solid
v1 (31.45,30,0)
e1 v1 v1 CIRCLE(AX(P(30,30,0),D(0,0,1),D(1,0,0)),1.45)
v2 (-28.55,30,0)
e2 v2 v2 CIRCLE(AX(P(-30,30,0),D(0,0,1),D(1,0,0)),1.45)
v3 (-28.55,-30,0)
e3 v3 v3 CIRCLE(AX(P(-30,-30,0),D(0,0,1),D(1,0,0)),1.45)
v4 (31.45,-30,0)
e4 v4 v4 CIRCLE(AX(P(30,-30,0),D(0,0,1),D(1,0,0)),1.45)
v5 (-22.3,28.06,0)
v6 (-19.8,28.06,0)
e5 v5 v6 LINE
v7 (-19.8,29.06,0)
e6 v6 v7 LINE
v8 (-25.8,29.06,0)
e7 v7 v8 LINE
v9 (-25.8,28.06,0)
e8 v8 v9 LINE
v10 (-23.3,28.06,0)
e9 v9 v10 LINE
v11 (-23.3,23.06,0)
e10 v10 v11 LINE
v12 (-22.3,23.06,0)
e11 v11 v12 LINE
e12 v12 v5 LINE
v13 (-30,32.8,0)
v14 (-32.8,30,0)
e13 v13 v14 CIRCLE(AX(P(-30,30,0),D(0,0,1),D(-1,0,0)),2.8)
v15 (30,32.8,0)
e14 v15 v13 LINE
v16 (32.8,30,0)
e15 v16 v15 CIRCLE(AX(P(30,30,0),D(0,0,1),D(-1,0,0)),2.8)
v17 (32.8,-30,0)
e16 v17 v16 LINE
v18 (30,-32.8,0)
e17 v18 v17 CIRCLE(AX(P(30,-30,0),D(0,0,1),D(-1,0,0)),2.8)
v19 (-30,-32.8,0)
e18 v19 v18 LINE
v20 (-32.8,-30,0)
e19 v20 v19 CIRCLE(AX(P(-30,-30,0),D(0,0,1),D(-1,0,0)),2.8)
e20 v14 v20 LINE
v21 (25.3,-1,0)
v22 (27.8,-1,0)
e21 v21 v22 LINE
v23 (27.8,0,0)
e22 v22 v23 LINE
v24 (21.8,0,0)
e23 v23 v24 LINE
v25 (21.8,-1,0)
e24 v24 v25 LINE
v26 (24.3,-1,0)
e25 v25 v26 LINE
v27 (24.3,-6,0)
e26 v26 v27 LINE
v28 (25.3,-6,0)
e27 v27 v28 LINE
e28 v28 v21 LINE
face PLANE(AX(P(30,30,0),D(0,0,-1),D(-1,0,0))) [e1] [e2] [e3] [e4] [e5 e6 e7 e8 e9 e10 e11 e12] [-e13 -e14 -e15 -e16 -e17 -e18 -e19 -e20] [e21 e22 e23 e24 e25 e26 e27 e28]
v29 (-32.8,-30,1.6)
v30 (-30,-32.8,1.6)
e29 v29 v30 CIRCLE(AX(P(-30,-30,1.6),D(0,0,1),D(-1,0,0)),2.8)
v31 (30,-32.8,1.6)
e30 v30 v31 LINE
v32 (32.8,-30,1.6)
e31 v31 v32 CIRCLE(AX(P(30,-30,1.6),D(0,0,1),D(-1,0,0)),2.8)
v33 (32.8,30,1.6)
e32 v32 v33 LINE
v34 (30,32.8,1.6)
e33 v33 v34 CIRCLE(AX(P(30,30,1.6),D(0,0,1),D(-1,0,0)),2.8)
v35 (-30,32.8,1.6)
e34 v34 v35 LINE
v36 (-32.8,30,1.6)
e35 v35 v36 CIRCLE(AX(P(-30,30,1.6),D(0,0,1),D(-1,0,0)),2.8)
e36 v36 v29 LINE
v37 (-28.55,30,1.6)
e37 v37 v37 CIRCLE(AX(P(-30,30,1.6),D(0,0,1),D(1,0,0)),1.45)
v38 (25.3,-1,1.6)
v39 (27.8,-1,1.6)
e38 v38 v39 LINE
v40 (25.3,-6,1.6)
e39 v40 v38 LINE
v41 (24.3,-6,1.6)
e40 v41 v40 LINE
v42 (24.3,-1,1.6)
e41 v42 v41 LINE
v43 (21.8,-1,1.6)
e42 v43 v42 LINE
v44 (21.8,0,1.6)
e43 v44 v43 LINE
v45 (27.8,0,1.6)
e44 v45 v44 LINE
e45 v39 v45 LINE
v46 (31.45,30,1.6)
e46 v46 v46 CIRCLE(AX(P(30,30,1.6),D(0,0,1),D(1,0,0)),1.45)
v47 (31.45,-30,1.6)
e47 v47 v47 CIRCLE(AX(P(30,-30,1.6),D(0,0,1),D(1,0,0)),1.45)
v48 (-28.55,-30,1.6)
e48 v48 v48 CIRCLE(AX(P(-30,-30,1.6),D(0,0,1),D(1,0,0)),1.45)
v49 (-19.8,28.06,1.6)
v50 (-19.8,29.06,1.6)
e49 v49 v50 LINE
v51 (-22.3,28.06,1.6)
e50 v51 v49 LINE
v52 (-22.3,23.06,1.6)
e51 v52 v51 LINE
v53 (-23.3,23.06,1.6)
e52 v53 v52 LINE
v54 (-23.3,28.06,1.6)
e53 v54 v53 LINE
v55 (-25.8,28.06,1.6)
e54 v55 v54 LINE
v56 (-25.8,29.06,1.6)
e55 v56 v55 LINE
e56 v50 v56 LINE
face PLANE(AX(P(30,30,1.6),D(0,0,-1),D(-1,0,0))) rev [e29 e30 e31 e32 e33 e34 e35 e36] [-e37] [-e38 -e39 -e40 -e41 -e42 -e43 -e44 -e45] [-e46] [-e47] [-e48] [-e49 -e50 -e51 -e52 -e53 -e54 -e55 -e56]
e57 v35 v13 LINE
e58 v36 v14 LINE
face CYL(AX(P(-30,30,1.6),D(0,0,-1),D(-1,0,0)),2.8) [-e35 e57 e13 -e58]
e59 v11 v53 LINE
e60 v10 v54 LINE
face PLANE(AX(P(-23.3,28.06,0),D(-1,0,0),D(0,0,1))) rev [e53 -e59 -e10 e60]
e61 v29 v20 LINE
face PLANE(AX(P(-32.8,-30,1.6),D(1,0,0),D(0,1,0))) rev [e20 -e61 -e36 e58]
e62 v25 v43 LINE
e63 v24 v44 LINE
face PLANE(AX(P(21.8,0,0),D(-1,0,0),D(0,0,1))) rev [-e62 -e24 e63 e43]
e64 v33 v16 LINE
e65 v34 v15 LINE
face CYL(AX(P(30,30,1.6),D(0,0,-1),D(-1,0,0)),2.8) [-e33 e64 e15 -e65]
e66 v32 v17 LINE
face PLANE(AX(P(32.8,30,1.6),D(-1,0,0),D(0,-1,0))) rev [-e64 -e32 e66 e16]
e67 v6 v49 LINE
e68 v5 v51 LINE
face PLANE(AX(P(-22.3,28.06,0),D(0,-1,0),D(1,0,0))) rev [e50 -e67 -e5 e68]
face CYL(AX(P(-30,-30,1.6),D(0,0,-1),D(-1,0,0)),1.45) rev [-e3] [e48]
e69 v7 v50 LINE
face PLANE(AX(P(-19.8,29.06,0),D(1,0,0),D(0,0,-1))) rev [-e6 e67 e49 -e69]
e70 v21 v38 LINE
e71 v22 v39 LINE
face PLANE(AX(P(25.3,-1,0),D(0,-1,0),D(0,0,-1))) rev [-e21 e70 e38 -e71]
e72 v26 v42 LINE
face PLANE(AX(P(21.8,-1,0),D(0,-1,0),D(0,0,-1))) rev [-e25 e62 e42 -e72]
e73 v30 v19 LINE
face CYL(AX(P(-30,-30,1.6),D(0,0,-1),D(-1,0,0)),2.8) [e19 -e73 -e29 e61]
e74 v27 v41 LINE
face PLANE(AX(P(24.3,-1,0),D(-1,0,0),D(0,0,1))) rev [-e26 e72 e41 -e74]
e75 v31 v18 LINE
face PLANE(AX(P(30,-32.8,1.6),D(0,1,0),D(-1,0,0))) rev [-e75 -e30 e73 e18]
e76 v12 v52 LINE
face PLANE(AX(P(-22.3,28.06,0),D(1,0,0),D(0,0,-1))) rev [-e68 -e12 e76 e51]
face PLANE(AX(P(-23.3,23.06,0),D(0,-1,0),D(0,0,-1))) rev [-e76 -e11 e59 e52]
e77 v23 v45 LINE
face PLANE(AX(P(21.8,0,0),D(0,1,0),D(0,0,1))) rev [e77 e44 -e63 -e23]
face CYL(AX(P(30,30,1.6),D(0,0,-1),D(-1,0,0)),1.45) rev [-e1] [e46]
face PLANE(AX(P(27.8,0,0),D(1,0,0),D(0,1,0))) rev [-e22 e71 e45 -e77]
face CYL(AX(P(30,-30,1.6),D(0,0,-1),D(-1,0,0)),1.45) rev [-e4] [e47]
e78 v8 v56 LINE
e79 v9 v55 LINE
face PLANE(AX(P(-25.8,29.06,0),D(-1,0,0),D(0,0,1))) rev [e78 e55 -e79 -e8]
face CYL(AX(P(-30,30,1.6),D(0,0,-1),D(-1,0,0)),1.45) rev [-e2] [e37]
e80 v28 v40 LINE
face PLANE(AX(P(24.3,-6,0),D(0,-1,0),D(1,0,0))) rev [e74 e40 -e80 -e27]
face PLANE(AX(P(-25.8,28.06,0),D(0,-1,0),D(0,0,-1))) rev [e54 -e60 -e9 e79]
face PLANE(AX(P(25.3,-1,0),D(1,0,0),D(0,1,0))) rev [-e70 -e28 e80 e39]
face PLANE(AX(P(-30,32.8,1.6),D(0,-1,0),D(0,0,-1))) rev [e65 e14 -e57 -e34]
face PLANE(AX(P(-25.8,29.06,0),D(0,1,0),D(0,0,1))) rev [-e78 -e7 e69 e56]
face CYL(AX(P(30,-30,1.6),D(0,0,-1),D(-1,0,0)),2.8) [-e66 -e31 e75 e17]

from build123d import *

# Parameters (mm, degrees)
SKETCH_1_R          = 1.45
EXTRUDE_1_DEPTH     = 1.6
CUT_EXTRUDE_1_DEPTH = 1.6
CUT_EXTRUDE_2_DEPTH = 1.6


with BuildPart() as part:
    # 草图1 → 凸台-拉伸1 (new body)
    with BuildSketch(Plane.XY):
        with BuildLine():
            Line((-30, 32.8), (30, 32.8))
            ThreePointArc((30, 32.8), (31.979898987, 31.979898987), (32.8, 30))
            Line((32.8, 30), (32.8, -30))
            ThreePointArc((32.8, -30), (31.979898987, -31.979898987), (30, -32.8))
            Line((30, -32.8), (-30, -32.8))
            ThreePointArc((-30, -32.8), (-31.979898987, -31.979898987), (-32.8, -30))
            Line((-32.8, -30), (-32.8, 30))
            ThreePointArc((-32.8, 30), (-31.979898987, 31.979898987), (-30, 32.8))
        make_face()
        with Locations((-30, 30)):
            Circle(SKETCH_1_R, mode=Mode.SUBTRACT)
        with Locations((30, 30)):
            Circle(SKETCH_1_R, mode=Mode.SUBTRACT)
        with Locations((-30, -30)):
            Circle(SKETCH_1_R, mode=Mode.SUBTRACT)
        with Locations((30, -30)):
            Circle(SKETCH_1_R, mode=Mode.SUBTRACT)
    extrude(amount=EXTRUDE_1_DEPTH)

    # 草图2 → 切除-拉伸1 (cut)
    with BuildSketch(Plane.XY.offset(1.6)):
        Polygon((-25.8, 29.06), (-19.8, 29.06), (-19.8, 28.06), (-22.3, 28.06), (-22.3, 23.06), (-23.3, 23.06), (-23.3, 28.06), (-25.8, 28.06), align=None)
    extrude(amount=-CUT_EXTRUDE_1_DEPTH, mode=Mode.SUBTRACT)

    # 草图3 → 切除-拉伸2 (cut)
    with BuildSketch(Plane.XY.offset(1.6)):
        Polygon((25.3, -1), (27.8, -1), (27.8, 0), (21.8, 0), (21.8, -1), (24.3, -1), (24.3, -6), (25.3, -6), align=None)
    extrude(amount=-CUT_EXTRUDE_2_DEPTH, mode=Mode.SUBTRACT)


solid = part.part
